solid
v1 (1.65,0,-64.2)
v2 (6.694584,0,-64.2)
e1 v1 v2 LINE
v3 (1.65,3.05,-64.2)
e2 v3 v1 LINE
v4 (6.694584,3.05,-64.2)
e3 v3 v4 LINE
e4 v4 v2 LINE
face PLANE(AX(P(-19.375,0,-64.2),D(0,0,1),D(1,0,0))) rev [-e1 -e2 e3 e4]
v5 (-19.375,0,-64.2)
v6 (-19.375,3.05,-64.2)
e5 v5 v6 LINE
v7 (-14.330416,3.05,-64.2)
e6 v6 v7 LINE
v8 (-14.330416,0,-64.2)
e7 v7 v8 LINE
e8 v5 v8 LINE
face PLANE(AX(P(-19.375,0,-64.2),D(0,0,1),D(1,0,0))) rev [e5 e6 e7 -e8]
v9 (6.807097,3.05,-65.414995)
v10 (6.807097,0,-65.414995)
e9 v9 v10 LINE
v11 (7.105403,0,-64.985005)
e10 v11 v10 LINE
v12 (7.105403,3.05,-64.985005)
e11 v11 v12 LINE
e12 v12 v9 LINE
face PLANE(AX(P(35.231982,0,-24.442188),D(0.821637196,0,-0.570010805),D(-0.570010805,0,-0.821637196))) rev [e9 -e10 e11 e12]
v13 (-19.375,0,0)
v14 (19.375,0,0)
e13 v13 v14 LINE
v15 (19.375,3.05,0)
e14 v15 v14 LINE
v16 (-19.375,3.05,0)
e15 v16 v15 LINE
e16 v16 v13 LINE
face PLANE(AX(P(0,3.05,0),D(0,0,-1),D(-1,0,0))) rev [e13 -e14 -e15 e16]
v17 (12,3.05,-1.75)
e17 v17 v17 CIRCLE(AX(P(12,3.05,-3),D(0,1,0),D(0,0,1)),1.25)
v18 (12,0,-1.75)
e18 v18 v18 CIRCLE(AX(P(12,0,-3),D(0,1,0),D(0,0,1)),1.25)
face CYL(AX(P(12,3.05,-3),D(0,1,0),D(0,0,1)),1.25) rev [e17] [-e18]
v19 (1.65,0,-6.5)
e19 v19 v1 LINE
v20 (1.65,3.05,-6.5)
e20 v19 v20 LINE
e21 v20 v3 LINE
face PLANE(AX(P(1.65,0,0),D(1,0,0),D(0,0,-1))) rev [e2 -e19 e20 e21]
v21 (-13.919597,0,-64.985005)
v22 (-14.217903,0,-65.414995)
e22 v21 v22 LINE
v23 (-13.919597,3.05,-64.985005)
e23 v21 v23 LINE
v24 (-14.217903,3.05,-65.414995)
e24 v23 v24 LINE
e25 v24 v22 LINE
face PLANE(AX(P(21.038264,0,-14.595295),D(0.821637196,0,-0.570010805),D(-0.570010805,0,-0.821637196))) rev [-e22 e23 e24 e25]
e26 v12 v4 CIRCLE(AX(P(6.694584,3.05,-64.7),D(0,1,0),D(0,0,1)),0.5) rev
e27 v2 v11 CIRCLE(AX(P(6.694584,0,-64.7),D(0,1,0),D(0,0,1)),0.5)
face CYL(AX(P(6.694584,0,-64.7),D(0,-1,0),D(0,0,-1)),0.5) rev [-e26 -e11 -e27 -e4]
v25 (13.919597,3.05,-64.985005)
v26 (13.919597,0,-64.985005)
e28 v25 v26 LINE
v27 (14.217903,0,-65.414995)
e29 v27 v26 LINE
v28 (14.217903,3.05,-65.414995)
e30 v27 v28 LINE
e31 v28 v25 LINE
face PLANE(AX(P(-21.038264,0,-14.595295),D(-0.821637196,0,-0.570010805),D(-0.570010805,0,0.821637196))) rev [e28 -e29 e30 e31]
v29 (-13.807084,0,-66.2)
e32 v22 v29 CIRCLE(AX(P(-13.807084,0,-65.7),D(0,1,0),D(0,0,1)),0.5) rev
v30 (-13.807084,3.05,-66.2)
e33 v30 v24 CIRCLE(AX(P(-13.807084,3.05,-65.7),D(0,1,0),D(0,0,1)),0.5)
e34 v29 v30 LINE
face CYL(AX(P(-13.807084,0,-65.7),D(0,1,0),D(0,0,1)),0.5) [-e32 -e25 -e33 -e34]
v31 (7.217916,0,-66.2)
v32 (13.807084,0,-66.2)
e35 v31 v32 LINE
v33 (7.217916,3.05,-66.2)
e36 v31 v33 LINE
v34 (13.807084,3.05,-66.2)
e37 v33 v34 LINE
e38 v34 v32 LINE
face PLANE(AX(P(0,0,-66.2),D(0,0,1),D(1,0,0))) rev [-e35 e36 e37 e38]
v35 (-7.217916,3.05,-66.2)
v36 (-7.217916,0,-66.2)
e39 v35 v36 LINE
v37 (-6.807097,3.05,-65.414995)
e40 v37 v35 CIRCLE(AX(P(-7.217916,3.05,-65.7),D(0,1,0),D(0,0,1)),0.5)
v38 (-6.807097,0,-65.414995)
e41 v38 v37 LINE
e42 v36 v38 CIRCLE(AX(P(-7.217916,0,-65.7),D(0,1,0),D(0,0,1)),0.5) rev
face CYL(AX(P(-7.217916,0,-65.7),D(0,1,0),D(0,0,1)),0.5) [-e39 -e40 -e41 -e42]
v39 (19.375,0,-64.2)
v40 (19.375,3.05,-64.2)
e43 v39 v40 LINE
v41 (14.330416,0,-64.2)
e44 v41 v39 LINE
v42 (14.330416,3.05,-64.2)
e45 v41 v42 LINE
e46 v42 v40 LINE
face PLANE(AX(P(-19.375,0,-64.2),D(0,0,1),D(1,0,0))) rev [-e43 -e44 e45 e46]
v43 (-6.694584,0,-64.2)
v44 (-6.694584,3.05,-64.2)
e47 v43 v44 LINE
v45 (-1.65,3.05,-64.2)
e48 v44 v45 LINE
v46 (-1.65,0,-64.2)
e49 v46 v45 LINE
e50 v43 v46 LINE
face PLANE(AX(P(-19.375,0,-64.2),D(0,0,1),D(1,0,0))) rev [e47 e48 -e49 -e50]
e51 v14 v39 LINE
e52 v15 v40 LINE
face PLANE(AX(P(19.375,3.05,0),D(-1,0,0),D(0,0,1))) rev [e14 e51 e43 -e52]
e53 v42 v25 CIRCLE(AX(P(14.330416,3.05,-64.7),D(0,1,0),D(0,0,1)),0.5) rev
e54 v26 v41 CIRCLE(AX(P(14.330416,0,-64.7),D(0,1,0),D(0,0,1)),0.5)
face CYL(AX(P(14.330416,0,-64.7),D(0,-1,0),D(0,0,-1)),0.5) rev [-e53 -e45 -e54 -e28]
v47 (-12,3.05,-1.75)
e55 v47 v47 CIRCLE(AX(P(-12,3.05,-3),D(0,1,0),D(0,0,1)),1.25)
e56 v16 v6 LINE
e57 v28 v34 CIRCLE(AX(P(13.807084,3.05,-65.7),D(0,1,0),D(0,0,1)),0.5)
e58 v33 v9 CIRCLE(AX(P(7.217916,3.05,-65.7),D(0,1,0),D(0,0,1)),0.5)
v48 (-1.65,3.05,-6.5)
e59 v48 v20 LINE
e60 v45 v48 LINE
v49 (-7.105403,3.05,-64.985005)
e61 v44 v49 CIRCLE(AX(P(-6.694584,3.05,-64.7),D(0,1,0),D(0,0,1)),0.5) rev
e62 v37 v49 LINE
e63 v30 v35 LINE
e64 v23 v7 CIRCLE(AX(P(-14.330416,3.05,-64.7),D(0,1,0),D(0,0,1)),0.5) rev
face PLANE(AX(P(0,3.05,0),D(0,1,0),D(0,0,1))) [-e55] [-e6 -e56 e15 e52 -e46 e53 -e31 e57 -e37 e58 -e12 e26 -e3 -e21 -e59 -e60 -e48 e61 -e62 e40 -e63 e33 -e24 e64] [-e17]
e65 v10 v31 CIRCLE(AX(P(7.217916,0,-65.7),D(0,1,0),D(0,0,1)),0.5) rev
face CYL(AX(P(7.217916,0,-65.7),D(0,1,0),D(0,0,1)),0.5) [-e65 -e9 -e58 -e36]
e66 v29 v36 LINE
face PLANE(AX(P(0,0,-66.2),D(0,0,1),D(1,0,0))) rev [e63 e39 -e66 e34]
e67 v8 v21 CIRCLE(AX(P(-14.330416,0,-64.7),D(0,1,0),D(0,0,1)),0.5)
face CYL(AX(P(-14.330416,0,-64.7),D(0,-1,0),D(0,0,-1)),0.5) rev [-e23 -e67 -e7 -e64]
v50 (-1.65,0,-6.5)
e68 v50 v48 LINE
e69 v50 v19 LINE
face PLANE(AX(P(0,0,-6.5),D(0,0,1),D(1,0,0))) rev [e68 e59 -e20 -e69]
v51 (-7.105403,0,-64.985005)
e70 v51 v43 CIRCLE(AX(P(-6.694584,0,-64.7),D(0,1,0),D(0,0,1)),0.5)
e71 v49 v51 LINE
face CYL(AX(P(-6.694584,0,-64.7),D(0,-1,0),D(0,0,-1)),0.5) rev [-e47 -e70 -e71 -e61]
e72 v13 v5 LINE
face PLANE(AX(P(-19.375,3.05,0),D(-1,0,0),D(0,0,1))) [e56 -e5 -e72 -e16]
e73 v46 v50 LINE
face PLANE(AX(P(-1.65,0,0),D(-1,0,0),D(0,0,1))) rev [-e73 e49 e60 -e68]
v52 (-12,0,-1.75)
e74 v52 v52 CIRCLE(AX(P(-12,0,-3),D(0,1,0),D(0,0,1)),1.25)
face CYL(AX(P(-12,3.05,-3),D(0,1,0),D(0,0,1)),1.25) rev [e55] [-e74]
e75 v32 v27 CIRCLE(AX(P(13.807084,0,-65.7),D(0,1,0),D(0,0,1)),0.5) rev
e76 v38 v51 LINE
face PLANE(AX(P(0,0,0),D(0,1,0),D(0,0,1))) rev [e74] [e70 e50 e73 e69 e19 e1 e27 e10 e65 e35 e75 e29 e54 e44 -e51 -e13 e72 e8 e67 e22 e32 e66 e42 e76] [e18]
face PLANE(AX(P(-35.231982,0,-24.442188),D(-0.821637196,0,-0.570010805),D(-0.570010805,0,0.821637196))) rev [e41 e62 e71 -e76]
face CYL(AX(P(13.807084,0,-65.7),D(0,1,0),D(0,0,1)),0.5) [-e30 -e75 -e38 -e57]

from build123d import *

# Parameters (mm, degrees)
SKETCH1_W                   = 38.75
SKETCH1_H                   = 72.5
BOSS_EXTRUDE1_DEPTH         = 3.05
SKETCH4_W                   = 1.65
SKETCH4_H                   = 1
SKETCH4_H_2                 = 61.8
CUT_EXTRUDE1_DEPTH          = 76.106212293
SKETCH8_W                   = 38.75
SKETCH8_H                   = 8.3
CUT_EXTRUDE5_DEPTH          = 76.106212293
BOSS_EXTRUDE3_DEPTH         = 3.05
FILLET2_R                   = 0.5
TAP_DRILL_FOR_M3X0_5_TAP1_D = 2.5


with BuildPart() as part:
    # Sketch1 → Boss-Extrude1 (new body)
    with BuildSketch(Plane(origin=(0, 0, 0), x_dir=(1, 0, 0), z_dir=(0, 1, 0))):
        with Locations((0, 36.25)):
            Rectangle(SKETCH1_W, SKETCH1_H)
    extrude(amount=BOSS_EXTRUDE1_DEPTH)

    # Sketch4 → Cut-Extrude1 (cut, through all)
    with BuildSketch(Plane(origin=(0, 3.05, 0), x_dir=(1, 0, 0), z_dir=(0, 1, 0))):
        with Locations((-0.825, 70)):
            Rectangle(SKETCH4_W, SKETCH4_H)
        with Locations((-0.825, 37.4)):
            Rectangle(SKETCH4_W, SKETCH4_H_2)
        with Locations((0.825, 37.4)):
            Rectangle(SKETCH4_W, SKETCH4_H_2)
        with Locations((0.825, 70)):
            Rectangle(SKETCH4_W, SKETCH4_H)
    extrude(amount=-CUT_EXTRUDE1_DEPTH, mode=Mode.SUBTRACT)

    # Sketch8 → Cut-Extrude5 (cut, through all)
    with BuildSketch(Plane(origin=(0, 3.05, 0), x_dir=(1, 0, 0), z_dir=(0, 1, 0))):
        with Locations((0, 68.35)):
            Rectangle(SKETCH8_W, SKETCH8_H)
    extrude(amount=-CUT_EXTRUDE5_DEPTH, mode=Mode.SUBTRACT)

    # Sketch9 → Boss-Extrude3 (add)
    with BuildSketch(Plane(origin=(0, 3.05, 0), x_dir=(1, 0, 0), z_dir=(0, 1, 0))):
        Polygon((-14.7625, 66.2), (-13.375, 64.2), (-7.65, 64.2), (-6.2625, 66.2), align=None)
        Polygon((6.2625, 66.2), (7.65, 64.2), (13.375, 64.2), (14.7625, 66.2), align=None)
    extrude(amount=-BOSS_EXTRUDE3_DEPTH)

    # Fillet2
    fillet2_edges = [part.edges().sort_by_distance(p)[0] for p in [
        (14.7625, 1.525, -66.2),
        (13.375, 1.525, -64.2),
        (7.65, 1.525, -64.2),
        (6.2625, 1.525, -66.2),
        (-6.2625, 1.525, -66.2),
        (-7.65, 1.525, -64.2),
        (-13.375, 1.525, -64.2),
        (-14.7625, 1.525, -66.2),
    ]]
    fillet(fillet2_edges, radius=FILLET2_R)

    # Tap Drill for M3x0.5 Tap1 (through all)
    with Locations(Plane(origin=(0, 3.05, 0), x_dir=(1, 0, 0), z_dir=(0, 1, 0))):
        with Locations((-12, 3), (12, 3)):
            Hole(TAP_DRILL_FOR_M3X0_5_TAP1_D / 2)


solid = part.part
